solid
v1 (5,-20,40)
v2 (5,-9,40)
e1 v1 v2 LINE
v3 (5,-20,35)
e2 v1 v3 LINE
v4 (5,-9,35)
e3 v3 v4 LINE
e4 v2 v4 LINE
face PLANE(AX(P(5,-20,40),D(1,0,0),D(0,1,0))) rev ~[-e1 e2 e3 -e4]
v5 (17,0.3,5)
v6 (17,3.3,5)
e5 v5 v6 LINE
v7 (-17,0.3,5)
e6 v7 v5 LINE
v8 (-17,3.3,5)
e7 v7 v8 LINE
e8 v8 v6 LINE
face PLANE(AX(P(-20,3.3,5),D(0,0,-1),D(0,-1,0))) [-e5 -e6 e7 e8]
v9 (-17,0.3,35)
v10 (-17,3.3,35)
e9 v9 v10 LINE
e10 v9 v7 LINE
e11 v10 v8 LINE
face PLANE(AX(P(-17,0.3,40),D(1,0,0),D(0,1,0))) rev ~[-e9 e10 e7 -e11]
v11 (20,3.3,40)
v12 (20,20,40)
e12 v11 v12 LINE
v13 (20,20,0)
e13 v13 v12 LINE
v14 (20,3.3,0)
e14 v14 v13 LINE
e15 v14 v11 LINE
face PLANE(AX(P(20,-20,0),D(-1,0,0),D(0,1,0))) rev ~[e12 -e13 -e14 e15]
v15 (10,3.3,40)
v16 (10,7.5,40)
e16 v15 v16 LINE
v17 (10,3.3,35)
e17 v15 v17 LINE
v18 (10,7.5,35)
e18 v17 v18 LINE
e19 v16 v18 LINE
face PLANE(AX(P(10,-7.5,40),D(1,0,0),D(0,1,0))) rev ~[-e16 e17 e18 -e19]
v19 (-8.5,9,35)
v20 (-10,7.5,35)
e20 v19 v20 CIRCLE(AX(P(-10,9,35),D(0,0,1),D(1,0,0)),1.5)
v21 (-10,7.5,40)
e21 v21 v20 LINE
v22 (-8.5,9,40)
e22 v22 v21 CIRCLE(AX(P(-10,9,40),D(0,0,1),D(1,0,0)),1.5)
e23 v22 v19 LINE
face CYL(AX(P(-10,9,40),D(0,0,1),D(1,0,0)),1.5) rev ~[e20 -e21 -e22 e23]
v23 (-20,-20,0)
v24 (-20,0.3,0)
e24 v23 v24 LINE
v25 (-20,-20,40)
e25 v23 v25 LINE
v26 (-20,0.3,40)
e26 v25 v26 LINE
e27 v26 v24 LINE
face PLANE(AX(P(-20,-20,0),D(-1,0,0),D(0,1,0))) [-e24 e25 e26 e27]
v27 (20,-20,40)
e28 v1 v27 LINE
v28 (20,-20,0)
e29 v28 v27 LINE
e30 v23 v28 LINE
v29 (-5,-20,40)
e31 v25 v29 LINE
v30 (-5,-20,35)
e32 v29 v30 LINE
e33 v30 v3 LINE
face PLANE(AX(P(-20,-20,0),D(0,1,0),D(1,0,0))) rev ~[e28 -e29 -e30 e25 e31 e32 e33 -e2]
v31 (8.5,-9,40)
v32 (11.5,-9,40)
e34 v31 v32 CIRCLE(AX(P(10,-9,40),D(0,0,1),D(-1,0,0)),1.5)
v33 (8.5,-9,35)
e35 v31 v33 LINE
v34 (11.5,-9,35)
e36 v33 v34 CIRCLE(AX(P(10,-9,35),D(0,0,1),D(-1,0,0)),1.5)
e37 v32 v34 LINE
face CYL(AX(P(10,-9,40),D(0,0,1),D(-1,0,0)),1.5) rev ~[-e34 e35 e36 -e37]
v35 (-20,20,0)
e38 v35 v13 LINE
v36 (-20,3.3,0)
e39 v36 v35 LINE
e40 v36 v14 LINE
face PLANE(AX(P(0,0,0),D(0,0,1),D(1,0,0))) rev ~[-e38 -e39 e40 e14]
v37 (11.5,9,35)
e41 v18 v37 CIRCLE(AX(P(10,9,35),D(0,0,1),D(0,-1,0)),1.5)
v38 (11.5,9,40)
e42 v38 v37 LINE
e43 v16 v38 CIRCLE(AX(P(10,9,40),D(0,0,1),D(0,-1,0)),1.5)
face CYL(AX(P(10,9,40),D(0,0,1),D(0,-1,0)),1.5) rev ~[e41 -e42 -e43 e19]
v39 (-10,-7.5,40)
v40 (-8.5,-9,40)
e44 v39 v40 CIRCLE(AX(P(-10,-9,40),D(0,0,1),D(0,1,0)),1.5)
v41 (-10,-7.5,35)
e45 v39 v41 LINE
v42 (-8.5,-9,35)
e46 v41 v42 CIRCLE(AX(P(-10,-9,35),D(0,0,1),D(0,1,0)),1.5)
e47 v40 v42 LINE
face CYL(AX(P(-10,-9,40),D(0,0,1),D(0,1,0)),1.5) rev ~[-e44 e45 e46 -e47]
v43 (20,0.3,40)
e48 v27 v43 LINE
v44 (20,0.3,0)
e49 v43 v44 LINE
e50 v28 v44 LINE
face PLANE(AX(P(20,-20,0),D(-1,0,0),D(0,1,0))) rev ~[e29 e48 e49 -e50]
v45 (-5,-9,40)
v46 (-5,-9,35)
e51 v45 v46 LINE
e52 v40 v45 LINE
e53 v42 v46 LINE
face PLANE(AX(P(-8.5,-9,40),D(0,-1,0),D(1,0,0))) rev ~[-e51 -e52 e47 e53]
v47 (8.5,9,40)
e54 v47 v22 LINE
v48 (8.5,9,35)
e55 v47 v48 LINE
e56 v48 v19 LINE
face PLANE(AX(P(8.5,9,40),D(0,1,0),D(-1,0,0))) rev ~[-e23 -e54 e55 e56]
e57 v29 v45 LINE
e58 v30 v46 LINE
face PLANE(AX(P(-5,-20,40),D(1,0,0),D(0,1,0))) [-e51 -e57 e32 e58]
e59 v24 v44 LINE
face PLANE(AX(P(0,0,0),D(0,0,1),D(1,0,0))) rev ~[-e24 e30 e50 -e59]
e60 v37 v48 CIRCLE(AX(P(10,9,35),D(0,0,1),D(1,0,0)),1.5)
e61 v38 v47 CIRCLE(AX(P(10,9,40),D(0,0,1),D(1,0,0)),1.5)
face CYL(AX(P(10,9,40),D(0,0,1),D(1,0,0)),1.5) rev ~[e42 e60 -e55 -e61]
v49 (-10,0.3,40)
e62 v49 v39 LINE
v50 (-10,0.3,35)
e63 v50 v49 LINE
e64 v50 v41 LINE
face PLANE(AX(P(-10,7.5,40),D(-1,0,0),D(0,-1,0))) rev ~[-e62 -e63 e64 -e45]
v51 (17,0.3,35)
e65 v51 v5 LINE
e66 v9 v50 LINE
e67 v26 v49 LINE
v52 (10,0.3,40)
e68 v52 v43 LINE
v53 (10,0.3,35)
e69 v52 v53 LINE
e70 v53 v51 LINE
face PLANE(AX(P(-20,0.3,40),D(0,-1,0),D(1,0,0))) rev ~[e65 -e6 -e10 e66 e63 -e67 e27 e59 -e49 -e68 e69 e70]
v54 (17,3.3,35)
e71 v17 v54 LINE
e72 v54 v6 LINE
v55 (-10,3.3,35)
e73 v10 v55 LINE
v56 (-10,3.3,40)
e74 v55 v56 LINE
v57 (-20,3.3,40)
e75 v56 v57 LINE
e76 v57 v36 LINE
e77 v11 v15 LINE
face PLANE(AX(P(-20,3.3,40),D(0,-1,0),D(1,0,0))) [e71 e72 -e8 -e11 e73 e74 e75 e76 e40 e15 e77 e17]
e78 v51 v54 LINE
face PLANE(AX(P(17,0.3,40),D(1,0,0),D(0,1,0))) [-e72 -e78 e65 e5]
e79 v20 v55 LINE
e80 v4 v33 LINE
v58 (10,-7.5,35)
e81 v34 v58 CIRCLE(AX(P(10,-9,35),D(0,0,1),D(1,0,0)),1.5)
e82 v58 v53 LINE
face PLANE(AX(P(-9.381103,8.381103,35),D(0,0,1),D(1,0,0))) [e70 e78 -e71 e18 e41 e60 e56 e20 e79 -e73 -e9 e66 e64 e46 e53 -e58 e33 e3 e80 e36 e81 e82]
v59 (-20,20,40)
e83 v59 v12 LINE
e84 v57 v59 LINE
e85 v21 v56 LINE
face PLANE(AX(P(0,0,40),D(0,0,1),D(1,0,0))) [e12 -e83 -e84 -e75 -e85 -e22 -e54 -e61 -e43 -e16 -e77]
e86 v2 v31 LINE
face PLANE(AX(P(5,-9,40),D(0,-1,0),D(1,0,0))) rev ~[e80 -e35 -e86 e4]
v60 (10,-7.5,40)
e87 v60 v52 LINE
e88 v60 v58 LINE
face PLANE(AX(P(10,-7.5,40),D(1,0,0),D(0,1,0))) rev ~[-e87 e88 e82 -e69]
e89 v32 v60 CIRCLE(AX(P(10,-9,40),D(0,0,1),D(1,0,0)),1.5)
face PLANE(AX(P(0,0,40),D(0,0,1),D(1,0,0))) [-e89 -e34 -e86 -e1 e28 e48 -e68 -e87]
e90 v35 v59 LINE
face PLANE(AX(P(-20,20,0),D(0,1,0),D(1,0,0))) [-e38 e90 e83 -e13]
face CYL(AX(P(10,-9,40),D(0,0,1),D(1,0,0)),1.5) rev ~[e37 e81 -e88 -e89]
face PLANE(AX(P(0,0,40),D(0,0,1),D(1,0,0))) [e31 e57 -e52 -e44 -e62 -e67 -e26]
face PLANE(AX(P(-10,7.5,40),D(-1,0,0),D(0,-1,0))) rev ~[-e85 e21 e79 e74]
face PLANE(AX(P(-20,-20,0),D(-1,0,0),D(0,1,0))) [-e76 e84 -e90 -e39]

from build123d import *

# Parameters (mm, degrees)
F0_W     = 40
F0_H     = 40
F1_DEPTH = 40
F2_W     = 10
F2_H     = 11
F3_DEPTH = 5
F4_W     = 3
F4_H     = 3
F5_DEPTH = 40.001
F6_W     = 3
F6_H     = 5
F7_DEPTH = 40.001


with BuildPart() as f1:
    # F0 (on Top) → F1 (new body)
    with BuildSketch(Plane.XY):
        Rectangle(F0_W, F0_H)
    extrude(amount=F1_DEPTH)

    # F2 (on face) → F3 (cut)
    with BuildSketch(Plane.XY.offset(40)):
        with BuildLine():
            ThreePointArc((-10, 7.5), (-8.9393398282, 7.9393398282), (-8.5, 9))
            Line((-8.5, 9), (-10, 9))
            Line((-10, 9), (-10, 7.5))
        make_face()
        with BuildLine():
            Line((-10, 9), (-8.5, 9))
            ThreePointArc((-8.5, 9), (-11.0606601718, 10.0606601718), (-10, 7.5))
            Line((-10, 7.5), (-10, 9))
        make_face()
        with BuildLine():
            Line((8.5, 9), (-8.5, 9))
            ThreePointArc((-8.5, 9), (-8.9393398282, 7.9393398282), (-10, 7.5))
            Line((-10, 7.5), (-10, -7.5))
            ThreePointArc((-10, -7.5), (-8.9393398282, -7.9393398282), (-8.5, -9))
            Line((-8.5, -9), (-5, -9))
            Line((-5, -9), (5, -9))
            Line((5, -9), (8.5, -9))
            ThreePointArc((8.5, -9), (8.9393398282, -7.9393398282), (10, -7.5))
            Line((10, -7.5), (10, 7.5))
            ThreePointArc((10, 7.5), (8.9393398282, 7.9393398282), (8.5, 9))
        make_face()
        with BuildLine():
            ThreePointArc((11.5, 9), (10, 10.5), (8.5, 9))
            Line((8.5, 9), (10, 9))
            Line((10, 9), (10, 7.5))
            ThreePointArc((10, 7.5), (11.0606601718, 7.9393398282), (11.5, 9))
        make_face()
        with BuildLine():
            Line((10, 9), (8.5, 9))
            ThreePointArc((8.5, 9), (8.9393398282, 7.9393398282), (10, 7.5))
            Line((10, 7.5), (10, 9))
        make_face()
        with BuildLine():
            ThreePointArc((-8.5, -9), (-8.9393398282, -7.9393398282), (-10, -7.5))
            Line((-10, -7.5), (-10, -9))
            Line((-10, -9), (-8.5, -9))
        make_face()
        with BuildLine():
            Line((-10, -9), (-10, -7.5))
            ThreePointArc((-10, -7.5), (-11.0606601718, -10.0606601718), (-8.5, -9))
            Line((-8.5, -9), (-10, -9))
        make_face()
        with BuildLine():
            ThreePointArc((11.5, -9), (11.0606601718, -7.9393398282), (10, -7.5))
            Line((10, -7.5), (10, -9))
            Line((10, -9), (8.5, -9))
            ThreePointArc((8.5, -9), (10, -10.5), (11.5, -9))
        make_face()
        with BuildLine():
            Line((10, -9), (10, -7.5))
            ThreePointArc((10, -7.5), (8.9393398282, -7.9393398282), (8.5, -9))
            Line((8.5, -9), (10, -9))
        make_face()
        with Locations((0, -14.5)):
            Rectangle(F2_W, F2_H)
    extrude(amount=-F3_DEPTH, mode=Mode.SUBTRACT)

    # F4 (on face) → F5 (cut, through all)
    with BuildSketch(Plane.XY.offset(40)):
        with Locations((-18.5, 1.8)):
            Rectangle(F4_W, F4_H)
        with Locations((18.5, 1.8)):
            Rectangle(F4_W, F4_H)
    extrude(amount=-F5_DEPTH, mode=Mode.SUBTRACT)

    # F6 (on face) → F7 (cut, through all)
    with BuildSketch(Plane(origin=(-20, 0, 0), x_dir=(0, -1, 0), z_dir=(-1, 0, 0))):
        with Locations((-1.8, 37.5)):
            Rectangle(F6_W, F6_H)
        with Locations((-1.8, 2.5)):
            Rectangle(F6_W, F6_H)
    extrude(amount=-F7_DEPTH, mode=Mode.SUBTRACT)


solid = f1.part
